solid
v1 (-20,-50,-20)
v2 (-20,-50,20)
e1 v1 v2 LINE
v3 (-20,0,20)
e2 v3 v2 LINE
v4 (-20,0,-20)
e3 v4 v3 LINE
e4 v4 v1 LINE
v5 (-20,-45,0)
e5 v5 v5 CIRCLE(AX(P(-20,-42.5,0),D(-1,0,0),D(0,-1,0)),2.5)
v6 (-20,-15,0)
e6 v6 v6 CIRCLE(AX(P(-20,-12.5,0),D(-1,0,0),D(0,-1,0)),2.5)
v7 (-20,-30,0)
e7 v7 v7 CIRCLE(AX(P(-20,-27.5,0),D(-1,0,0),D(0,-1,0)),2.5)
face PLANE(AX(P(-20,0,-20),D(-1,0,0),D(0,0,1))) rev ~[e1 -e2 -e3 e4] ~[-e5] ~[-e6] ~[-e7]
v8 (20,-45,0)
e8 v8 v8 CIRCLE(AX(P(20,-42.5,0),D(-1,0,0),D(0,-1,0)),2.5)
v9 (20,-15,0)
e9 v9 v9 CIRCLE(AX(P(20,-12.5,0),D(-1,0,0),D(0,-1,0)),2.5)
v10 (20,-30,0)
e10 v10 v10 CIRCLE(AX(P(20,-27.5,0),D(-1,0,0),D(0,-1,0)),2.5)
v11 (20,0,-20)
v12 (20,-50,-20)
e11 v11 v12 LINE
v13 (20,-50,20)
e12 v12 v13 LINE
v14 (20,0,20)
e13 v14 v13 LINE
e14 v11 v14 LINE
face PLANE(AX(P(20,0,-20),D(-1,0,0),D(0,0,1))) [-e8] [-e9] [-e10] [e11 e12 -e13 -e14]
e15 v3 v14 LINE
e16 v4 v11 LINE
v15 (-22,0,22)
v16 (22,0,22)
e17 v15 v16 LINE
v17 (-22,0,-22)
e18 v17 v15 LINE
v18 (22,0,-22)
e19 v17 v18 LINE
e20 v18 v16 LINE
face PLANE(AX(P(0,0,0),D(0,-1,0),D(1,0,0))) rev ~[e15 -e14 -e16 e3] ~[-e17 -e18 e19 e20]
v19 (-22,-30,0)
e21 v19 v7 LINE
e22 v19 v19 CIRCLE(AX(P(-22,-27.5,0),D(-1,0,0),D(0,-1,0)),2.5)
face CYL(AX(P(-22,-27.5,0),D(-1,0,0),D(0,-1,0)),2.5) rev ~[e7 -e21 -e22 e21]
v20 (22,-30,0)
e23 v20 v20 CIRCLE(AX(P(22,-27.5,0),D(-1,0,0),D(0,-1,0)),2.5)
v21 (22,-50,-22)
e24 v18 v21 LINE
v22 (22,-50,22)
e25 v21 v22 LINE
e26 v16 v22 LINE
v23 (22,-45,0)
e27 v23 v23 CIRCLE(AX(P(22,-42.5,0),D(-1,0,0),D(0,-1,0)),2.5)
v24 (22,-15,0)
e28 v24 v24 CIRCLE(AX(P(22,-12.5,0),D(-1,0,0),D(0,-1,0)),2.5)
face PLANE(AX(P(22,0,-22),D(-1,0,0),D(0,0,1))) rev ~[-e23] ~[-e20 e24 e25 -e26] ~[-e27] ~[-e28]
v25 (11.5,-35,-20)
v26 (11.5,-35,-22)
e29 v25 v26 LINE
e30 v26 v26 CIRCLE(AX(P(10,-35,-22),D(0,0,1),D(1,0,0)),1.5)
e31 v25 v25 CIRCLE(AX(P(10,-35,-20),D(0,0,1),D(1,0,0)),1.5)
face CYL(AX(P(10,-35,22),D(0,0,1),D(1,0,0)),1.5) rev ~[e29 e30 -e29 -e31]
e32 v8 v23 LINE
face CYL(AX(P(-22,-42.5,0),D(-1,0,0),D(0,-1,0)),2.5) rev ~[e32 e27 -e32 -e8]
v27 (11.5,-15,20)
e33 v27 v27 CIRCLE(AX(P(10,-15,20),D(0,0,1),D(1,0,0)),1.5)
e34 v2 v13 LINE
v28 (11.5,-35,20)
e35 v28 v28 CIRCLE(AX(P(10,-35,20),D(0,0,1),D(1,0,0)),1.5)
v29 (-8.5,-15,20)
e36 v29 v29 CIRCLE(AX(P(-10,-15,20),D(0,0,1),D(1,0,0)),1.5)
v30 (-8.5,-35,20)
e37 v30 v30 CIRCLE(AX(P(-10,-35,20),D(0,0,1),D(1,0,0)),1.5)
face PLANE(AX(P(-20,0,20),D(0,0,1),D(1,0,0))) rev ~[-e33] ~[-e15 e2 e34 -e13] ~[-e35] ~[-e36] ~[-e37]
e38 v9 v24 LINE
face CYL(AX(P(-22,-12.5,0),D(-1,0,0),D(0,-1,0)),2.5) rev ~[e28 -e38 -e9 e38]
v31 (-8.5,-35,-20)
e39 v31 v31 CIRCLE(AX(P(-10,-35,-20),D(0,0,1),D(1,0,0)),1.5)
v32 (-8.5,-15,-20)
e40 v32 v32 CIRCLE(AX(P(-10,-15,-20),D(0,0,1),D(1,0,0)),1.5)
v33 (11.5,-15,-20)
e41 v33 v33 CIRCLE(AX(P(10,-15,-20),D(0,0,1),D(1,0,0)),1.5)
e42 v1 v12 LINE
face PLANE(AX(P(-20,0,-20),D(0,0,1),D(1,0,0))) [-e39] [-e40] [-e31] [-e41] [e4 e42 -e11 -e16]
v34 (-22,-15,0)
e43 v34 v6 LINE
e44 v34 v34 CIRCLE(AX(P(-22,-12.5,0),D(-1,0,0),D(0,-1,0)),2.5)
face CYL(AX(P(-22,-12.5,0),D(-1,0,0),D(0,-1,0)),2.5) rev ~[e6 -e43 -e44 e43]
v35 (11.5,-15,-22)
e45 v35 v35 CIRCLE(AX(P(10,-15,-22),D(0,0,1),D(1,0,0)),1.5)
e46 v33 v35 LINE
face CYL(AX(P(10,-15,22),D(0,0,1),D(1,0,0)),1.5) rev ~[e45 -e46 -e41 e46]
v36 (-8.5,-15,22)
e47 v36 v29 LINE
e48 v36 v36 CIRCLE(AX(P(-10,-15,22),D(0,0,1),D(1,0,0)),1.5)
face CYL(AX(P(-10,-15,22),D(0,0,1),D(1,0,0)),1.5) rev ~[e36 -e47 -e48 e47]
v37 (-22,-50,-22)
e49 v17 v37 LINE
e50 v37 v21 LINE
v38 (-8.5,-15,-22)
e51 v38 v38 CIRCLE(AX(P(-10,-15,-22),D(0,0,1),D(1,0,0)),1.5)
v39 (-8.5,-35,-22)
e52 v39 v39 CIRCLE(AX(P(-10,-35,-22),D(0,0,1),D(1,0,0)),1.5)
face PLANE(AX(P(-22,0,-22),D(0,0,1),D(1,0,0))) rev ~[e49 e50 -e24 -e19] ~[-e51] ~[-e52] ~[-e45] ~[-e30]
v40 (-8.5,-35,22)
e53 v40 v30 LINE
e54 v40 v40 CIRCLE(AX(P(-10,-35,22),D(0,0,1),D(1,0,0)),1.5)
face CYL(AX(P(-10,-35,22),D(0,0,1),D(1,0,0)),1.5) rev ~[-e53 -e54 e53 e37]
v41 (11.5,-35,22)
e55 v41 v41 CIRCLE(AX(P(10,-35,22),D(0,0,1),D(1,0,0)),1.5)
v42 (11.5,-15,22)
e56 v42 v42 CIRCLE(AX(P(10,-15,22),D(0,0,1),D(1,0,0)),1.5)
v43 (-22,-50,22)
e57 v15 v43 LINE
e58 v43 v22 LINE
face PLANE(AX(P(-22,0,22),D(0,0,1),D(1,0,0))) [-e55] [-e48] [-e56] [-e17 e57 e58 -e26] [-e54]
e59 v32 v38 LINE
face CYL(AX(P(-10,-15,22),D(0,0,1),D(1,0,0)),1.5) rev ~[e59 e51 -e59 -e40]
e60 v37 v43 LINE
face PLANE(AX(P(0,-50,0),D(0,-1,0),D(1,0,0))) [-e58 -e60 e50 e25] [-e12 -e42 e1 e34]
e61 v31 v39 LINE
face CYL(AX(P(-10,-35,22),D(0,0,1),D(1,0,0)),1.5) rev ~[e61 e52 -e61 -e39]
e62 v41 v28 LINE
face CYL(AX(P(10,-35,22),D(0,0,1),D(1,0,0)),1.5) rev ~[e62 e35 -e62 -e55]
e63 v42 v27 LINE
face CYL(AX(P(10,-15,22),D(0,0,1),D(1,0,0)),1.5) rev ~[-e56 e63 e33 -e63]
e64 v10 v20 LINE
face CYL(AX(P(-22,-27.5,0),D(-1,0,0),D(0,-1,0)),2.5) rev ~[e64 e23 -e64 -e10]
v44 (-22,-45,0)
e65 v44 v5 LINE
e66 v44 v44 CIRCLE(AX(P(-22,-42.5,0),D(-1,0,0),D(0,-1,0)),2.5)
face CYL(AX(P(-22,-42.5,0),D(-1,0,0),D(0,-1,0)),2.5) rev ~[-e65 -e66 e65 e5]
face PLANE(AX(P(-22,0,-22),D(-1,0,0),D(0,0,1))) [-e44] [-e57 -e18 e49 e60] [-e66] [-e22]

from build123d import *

# Parameters (mm, degrees)
F0_W     = 44
F0_H     = 44
F0_W_2   = 40
F0_H_2   = 40
F1_DEPTH = 50
F2_R     = 1.5
F3_DEPTH = 44.001
F4_R     = 2.5
F5_DEPTH = 44.001


with BuildPart() as f1:
    # F0 (on Front) → F1 (new body)
    with BuildSketch(Plane.XZ):
        Rectangle(F0_W, F0_H)
        Rectangle(F0_W_2, F0_H_2, mode=Mode.SUBTRACT)
    extrude(amount=F1_DEPTH)

    # F2 (on face) → F3 (cut, through all)
    with BuildSketch(Plane.XY.offset(22)):
        with Locations((10, -15)):
            Circle(F2_R)
        with Locations((10, -35)):
            Circle(F2_R)
        with Locations((-10, -35)):
            Circle(F2_R)
        with Locations((-10, -15)):
            Circle(F2_R)
    extrude(amount=-F3_DEPTH, mode=Mode.SUBTRACT)

    # F4 (on face) → F5 (cut, through all)
    with BuildSketch(Plane(origin=(-22, 0, 0), x_dir=(0, -1, 0), z_dir=(-1, 0, 0))):
        with Locations((12.5, 0)):
            Circle(F4_R)
        with Locations((27.5, 0)):
            Circle(F4_R)
        with Locations((42.5, 0)):
            Circle(F4_R)
    extrude(amount=-F5_DEPTH, mode=Mode.SUBTRACT)


solid = f1.part
